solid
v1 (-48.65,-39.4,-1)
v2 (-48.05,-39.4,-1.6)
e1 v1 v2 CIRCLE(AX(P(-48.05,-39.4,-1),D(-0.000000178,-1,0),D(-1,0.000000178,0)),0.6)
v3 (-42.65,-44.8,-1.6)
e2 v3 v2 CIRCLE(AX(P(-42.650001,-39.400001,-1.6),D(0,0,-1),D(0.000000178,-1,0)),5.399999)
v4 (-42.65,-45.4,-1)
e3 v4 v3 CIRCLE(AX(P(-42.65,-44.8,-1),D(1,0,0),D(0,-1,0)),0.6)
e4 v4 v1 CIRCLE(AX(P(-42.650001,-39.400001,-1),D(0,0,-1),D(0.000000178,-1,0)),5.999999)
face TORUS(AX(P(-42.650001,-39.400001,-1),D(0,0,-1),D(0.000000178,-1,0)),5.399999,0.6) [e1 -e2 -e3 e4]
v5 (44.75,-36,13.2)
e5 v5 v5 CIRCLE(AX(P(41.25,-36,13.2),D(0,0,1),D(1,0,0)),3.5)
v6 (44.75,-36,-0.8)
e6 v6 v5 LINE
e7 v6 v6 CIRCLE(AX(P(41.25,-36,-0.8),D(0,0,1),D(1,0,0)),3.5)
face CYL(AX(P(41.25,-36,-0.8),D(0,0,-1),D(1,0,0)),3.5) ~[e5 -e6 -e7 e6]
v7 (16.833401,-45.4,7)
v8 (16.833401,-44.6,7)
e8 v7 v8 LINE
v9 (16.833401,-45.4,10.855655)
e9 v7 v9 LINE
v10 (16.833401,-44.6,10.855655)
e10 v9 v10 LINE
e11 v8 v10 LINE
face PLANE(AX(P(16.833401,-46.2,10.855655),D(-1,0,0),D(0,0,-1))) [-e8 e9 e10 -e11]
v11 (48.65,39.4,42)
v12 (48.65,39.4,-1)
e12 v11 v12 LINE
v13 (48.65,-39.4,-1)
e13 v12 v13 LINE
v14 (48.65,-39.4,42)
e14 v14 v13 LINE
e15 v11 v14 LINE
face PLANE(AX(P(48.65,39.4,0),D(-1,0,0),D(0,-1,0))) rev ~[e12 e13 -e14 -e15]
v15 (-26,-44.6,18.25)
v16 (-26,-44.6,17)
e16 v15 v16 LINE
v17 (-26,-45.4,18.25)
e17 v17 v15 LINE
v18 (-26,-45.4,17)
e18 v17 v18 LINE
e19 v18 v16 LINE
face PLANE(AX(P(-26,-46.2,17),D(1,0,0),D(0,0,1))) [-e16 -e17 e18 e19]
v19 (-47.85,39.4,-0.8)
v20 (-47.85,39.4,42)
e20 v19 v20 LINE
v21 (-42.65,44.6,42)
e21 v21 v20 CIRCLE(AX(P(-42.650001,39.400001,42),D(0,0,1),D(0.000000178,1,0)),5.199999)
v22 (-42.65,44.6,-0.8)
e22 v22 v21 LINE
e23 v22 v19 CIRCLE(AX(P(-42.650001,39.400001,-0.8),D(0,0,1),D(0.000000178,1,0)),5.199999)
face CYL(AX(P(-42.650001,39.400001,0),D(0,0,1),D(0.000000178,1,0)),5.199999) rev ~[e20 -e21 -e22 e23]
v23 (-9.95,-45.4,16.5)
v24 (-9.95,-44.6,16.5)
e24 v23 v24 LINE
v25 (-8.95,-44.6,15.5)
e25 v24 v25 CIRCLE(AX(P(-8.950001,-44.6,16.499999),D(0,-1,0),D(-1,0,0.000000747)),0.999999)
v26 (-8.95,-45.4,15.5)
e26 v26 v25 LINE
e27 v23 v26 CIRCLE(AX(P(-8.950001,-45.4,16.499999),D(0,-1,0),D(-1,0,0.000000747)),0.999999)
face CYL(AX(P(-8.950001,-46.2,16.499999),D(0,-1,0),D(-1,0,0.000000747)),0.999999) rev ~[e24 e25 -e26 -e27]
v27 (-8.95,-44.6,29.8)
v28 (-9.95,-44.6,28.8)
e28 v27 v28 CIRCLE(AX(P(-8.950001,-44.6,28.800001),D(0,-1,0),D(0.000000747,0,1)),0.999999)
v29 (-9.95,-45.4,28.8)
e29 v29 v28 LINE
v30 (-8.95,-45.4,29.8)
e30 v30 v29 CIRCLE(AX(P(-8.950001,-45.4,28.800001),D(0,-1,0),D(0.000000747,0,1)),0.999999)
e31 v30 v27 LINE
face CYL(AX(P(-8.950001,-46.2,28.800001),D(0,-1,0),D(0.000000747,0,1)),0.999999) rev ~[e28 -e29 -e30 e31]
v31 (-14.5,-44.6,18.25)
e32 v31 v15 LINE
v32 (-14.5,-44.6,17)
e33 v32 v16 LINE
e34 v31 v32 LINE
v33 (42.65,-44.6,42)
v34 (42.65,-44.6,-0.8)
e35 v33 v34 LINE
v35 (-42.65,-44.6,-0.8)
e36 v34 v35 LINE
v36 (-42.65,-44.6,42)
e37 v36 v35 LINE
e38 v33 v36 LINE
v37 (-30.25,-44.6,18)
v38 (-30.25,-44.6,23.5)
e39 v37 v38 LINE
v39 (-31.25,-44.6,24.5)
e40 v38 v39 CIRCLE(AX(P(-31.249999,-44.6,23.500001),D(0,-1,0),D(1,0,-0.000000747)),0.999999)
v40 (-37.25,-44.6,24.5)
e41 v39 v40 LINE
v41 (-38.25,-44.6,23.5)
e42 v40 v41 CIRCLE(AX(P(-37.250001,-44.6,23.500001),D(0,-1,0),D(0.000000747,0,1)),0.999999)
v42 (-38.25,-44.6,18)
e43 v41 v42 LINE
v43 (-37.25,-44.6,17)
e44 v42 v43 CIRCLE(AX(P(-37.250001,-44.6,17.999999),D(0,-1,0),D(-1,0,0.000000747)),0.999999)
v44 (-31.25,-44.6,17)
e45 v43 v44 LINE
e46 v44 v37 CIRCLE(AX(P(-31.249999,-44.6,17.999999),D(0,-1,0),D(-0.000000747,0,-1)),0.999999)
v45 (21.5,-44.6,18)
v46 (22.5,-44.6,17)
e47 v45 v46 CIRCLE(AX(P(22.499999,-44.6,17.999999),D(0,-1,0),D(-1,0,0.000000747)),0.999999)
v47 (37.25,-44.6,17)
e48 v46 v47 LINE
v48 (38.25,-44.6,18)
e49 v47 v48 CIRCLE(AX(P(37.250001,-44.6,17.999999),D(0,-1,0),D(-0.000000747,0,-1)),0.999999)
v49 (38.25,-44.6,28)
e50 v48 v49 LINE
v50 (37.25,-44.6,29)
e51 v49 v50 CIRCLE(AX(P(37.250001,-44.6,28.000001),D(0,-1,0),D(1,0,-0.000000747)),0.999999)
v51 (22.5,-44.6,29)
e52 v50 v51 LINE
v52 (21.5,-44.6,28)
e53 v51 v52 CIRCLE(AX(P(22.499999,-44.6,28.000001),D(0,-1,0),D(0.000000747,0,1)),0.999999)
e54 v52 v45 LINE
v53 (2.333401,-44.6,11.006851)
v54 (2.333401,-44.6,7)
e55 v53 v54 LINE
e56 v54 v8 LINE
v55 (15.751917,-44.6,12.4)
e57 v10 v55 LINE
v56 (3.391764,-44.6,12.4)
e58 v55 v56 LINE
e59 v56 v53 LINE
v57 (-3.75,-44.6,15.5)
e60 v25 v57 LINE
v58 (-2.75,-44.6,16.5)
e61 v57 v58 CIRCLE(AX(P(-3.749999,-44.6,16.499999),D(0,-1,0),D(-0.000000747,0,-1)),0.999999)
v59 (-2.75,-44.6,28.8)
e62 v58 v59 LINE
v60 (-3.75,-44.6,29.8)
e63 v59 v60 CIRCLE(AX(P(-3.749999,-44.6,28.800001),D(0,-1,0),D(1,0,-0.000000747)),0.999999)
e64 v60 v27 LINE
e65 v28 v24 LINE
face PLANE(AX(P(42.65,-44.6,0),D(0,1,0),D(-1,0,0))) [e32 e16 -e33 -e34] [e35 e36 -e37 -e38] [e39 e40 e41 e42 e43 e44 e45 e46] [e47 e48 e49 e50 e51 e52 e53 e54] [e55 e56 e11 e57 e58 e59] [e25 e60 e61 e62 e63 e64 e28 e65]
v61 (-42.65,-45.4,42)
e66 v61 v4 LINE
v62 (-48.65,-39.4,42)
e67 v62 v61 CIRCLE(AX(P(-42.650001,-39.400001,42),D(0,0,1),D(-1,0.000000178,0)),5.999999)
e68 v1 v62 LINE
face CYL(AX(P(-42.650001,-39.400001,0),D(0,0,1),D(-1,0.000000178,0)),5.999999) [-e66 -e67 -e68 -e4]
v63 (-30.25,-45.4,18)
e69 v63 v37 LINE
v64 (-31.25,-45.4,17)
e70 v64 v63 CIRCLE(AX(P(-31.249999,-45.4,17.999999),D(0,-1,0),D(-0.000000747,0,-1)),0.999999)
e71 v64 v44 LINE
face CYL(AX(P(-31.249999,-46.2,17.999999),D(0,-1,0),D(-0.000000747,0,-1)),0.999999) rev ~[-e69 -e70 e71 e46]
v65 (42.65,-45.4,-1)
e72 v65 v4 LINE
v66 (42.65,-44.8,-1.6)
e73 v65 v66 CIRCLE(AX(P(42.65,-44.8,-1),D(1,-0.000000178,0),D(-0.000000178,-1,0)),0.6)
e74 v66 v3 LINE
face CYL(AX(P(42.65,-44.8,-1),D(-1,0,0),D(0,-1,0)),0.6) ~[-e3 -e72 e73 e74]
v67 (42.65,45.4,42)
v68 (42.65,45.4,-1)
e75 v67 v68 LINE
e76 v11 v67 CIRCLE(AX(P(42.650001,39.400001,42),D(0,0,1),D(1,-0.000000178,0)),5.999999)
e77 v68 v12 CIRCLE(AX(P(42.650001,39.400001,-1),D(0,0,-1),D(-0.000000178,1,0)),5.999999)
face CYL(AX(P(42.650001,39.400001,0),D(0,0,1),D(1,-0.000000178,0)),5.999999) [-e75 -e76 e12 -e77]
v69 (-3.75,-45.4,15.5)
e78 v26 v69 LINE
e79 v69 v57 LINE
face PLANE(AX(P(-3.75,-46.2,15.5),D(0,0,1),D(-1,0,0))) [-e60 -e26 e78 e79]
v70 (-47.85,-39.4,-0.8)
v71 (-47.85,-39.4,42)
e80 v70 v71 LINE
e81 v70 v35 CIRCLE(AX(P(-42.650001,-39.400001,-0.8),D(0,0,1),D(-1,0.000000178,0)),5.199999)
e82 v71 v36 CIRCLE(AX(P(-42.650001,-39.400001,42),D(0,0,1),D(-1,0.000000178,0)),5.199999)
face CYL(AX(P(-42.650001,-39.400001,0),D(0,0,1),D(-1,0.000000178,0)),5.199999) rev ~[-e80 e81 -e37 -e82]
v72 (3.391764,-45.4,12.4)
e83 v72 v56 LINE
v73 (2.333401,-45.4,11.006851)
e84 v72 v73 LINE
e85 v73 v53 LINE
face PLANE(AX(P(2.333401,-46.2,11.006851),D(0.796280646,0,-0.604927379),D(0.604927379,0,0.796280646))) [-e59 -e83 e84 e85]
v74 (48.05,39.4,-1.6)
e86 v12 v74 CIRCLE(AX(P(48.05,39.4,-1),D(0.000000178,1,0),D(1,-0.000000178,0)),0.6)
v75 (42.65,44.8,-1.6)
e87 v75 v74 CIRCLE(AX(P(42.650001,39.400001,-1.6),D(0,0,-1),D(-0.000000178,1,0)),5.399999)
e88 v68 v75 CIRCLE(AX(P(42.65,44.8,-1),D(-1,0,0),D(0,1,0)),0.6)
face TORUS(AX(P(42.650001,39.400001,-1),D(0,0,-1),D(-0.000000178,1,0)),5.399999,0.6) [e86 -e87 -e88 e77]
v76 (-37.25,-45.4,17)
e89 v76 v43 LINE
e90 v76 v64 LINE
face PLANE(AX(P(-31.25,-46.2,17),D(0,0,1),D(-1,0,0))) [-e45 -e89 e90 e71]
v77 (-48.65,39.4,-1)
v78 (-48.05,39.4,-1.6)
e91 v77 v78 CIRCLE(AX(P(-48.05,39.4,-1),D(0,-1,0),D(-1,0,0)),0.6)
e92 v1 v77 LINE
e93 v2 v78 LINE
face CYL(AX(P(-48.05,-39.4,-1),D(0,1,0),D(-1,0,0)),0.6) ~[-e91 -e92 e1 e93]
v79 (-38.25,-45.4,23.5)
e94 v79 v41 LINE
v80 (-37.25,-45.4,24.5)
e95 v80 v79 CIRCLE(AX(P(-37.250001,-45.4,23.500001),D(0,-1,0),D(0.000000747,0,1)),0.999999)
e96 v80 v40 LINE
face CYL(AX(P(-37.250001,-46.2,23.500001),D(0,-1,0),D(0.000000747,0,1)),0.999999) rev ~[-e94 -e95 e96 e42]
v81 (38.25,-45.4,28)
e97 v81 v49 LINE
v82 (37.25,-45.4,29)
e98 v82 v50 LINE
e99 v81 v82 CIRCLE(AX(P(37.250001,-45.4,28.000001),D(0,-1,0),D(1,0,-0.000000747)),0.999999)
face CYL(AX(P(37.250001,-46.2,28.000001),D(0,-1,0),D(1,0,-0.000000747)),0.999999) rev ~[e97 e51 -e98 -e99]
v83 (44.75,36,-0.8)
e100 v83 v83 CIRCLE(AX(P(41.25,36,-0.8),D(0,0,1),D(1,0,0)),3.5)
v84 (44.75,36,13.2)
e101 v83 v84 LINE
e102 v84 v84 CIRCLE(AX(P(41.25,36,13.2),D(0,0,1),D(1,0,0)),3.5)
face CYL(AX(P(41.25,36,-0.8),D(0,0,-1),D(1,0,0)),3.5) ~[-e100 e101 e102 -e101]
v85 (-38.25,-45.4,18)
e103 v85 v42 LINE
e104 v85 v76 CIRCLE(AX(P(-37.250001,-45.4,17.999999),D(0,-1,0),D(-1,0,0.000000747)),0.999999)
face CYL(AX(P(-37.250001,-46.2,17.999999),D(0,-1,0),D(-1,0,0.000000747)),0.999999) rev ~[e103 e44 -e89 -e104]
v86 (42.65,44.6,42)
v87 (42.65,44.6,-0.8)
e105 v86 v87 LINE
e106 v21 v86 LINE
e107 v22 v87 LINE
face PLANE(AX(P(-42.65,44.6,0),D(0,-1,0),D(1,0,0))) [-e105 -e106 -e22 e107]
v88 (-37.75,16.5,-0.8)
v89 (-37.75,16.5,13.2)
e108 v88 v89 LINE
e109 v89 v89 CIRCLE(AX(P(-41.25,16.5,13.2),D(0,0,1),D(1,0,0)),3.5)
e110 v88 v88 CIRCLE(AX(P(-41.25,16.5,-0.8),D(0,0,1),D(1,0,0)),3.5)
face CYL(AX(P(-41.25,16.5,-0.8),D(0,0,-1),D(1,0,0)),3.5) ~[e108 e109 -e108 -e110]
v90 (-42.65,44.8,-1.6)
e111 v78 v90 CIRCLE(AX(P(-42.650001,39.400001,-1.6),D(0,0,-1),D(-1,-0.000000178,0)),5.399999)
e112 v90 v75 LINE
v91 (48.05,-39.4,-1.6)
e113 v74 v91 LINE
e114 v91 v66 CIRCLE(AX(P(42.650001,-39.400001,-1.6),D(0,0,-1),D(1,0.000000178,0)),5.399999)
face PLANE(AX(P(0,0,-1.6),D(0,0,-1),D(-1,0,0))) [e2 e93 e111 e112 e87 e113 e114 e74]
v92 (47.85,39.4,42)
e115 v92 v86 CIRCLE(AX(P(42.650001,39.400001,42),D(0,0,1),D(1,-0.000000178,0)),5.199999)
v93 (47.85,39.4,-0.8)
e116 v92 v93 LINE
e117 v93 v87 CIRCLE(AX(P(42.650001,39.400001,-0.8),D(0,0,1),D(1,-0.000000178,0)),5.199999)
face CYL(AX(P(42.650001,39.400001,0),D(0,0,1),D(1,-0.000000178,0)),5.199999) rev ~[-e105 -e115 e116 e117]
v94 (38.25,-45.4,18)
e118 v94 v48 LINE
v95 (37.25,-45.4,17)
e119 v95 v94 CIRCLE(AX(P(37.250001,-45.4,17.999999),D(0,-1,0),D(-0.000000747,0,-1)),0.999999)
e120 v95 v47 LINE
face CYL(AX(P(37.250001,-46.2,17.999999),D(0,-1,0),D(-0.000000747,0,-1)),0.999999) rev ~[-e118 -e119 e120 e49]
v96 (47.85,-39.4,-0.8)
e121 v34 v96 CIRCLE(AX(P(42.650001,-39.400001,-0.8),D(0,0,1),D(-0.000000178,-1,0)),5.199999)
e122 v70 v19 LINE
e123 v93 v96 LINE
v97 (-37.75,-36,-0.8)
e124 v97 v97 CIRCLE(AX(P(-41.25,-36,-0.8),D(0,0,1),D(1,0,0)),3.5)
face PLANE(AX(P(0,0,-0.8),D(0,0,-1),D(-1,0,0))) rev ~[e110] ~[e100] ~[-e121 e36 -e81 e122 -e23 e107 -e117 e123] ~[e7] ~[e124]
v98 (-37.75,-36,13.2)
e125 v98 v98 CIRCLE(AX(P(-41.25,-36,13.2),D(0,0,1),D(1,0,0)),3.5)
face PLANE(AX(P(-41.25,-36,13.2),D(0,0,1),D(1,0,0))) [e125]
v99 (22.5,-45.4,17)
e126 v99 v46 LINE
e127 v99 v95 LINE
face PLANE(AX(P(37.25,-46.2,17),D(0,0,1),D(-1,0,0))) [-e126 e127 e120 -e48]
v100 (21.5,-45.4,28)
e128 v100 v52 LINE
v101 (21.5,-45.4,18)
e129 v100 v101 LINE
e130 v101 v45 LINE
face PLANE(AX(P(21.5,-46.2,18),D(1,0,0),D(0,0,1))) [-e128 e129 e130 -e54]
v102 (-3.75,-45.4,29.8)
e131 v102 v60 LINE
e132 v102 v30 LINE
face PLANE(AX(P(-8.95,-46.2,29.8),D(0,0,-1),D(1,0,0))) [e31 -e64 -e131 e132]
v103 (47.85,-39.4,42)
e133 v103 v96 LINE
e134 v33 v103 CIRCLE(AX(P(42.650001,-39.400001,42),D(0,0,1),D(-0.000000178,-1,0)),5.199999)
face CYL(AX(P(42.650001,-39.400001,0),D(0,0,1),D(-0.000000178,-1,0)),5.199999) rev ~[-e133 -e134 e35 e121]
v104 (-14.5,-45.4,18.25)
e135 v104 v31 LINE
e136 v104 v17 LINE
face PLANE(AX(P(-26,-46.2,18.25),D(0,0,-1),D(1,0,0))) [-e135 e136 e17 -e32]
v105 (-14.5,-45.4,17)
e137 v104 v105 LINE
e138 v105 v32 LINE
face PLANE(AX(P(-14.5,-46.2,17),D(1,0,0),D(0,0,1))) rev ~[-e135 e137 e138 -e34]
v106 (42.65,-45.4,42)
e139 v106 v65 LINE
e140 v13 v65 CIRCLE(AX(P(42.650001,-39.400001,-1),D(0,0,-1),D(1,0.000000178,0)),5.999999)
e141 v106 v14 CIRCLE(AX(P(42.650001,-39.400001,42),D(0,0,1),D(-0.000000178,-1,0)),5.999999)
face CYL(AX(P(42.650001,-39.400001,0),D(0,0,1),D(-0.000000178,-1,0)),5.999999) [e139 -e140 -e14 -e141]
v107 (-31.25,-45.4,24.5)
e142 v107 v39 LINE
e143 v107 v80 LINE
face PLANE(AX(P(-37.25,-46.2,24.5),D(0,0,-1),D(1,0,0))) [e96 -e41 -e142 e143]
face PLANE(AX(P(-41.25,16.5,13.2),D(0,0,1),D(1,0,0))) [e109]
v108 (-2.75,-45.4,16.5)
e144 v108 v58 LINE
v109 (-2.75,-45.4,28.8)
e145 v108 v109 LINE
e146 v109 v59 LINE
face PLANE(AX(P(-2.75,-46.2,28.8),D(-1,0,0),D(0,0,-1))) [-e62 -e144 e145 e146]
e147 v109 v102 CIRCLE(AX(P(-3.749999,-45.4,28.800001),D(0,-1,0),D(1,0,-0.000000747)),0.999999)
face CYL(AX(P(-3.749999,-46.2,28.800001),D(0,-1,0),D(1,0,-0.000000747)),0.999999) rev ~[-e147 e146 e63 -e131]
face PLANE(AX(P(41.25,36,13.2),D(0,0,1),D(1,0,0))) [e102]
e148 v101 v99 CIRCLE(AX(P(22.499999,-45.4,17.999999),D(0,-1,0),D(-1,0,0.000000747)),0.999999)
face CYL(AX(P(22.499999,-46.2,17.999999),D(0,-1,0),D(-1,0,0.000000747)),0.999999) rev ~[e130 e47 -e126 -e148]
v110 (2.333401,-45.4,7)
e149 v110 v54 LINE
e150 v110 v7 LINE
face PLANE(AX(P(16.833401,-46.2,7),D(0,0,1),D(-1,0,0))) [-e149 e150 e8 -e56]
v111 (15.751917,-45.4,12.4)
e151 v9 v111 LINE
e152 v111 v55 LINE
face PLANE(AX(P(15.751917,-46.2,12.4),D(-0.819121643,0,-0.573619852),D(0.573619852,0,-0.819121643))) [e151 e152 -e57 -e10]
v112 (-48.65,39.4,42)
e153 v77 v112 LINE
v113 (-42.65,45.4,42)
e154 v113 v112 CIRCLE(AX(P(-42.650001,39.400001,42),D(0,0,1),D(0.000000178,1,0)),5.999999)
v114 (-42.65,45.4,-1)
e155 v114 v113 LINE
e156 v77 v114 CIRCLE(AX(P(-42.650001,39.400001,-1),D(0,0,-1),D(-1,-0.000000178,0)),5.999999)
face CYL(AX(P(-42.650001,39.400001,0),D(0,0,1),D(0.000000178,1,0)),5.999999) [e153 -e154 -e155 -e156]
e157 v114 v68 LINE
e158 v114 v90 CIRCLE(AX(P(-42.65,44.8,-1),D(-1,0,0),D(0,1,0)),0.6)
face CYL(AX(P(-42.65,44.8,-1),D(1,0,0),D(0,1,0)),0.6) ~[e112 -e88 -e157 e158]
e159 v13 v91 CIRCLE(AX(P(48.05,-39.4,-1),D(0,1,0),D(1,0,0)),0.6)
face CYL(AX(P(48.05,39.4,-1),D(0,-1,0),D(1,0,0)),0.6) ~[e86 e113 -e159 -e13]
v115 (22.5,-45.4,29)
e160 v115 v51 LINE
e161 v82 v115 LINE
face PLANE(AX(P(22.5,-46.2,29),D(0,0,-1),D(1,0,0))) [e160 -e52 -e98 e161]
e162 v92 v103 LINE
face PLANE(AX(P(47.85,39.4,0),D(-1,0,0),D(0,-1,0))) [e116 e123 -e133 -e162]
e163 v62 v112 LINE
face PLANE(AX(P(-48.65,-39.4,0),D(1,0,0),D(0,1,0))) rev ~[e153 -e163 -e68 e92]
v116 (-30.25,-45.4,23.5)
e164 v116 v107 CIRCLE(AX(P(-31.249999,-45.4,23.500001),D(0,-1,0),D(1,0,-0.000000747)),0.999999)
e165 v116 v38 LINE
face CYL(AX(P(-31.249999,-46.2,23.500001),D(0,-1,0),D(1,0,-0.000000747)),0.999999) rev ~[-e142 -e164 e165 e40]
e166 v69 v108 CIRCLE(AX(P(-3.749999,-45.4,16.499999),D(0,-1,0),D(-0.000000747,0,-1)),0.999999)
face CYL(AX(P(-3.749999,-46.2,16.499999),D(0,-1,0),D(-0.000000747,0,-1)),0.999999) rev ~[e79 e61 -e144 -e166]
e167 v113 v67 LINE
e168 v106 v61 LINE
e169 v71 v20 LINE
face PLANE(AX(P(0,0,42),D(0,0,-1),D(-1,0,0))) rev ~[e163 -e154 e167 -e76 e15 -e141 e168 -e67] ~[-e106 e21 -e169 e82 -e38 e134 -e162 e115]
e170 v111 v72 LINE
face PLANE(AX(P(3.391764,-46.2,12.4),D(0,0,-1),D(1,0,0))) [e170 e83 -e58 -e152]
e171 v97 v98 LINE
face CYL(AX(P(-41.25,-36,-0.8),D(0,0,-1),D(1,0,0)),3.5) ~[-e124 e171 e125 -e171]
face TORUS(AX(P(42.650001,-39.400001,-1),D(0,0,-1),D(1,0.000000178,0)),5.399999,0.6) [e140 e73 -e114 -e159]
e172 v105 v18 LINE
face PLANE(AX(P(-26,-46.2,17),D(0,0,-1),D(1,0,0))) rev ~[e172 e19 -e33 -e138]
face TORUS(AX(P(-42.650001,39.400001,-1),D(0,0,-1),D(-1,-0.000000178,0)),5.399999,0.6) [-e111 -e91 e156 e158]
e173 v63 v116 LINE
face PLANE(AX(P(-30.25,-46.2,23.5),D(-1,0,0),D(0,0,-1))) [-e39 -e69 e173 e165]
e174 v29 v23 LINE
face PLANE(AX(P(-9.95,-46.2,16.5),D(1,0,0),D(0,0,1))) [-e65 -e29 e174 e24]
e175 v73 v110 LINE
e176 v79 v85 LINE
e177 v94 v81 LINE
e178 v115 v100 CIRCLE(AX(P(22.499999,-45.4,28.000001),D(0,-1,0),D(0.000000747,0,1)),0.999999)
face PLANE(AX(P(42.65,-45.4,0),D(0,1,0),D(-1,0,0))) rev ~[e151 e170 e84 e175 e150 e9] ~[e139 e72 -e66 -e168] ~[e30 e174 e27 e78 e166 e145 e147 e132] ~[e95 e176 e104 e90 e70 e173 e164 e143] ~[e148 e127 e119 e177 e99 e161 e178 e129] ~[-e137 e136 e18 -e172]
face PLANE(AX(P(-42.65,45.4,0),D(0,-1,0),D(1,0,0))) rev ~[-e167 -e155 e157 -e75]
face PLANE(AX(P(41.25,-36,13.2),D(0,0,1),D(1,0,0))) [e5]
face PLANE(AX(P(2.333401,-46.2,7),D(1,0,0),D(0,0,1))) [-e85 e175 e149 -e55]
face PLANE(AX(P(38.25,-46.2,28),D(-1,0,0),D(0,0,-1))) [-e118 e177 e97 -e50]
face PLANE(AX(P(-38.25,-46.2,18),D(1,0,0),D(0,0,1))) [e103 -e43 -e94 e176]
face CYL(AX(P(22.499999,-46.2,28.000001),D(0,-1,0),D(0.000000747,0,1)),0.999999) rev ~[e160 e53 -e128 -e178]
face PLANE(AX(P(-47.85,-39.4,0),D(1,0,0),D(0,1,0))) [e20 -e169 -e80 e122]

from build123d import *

# Parameters (mm, degrees)
SKETCH004_W    = 11.5
SKETCH004_H    = 1.25
PAD003_DEPTH   = 3.2
PAD_DEPTH      = 42
PAD_DEPTH_BACK = 1.6
THICKNESS_T    = -0.8
SKETCH002_R    = 1.75
PAD001_DEPTH   = 13
SKETCH003_R    = 3.5
PAD002_DEPTH   = 14
FILLET_R       = 0.6


with BuildPart() as pad003:
    # Sketch004 → Pad003 (new body)
    with BuildSketch(Plane.XZ.offset(46.2)):
        with BuildLine():
            Line((22.5, 29), (37.25, 29))
            ThreePointArc((38.25, 28), (37.957107, 28.707107), (37.25, 29))
            Line((38.25, 28), (38.25, 18))
            ThreePointArc((37.25, 17), (37.957107, 17.292893), (38.25, 18))
            Line((37.25, 17), (22.5, 17))
            ThreePointArc((21.5, 18), (21.792893, 17.292893), (22.5, 17))
            Line((21.5, 18), (21.5, 28))
            ThreePointArc((22.5, 29), (21.792893, 28.707107), (21.5, 28))
        make_face()
        with BuildLine():
            Line((-8.95, 29.8), (-3.75, 29.8))
            ThreePointArc((-2.75, 28.8), (-3.042893, 29.507107), (-3.75, 29.8))
            Line((-2.75, 28.8), (-2.75, 16.5))
            ThreePointArc((-3.75, 15.5), (-3.042893, 15.792893), (-2.75, 16.5))
            Line((-3.75, 15.5), (-8.95, 15.5))
            ThreePointArc((-9.95, 16.5), (-9.657107, 15.792893), (-8.95, 15.5))
            Line((-9.95, 16.5), (-9.95, 28.8))
            ThreePointArc((-8.95, 29.8), (-9.657107, 29.507107), (-9.95, 28.8))
        make_face()
        with BuildLine():
            Line((-37.25, 24.5), (-31.25, 24.5))
            ThreePointArc((-30.25, 23.5), (-30.542893, 24.207107), (-31.25, 24.5))
            Line((-30.25, 23.5), (-30.25, 18))
            ThreePointArc((-31.25, 17), (-30.542893, 17.292893), (-30.25, 18))
            Line((-31.25, 17), (-37.25, 17))
            ThreePointArc((-38.25, 18), (-37.957107, 17.292893), (-37.25, 17))
            Line((-38.25, 18), (-38.25, 23.5))
            ThreePointArc((-37.25, 24.5), (-37.957107, 24.207107), (-38.25, 23.5))
        make_face()
        with Locations((-20.25, 17.625)):
            Rectangle(SKETCH004_W, SKETCH004_H)
        Polygon((2.333401, 7), (2.333401, 11.006851), (3.391764, 12.4), (15.751917, 12.4), (16.833401, 10.855655), (16.833401, 7), align=None)
    extrude(amount=-PAD003_DEPTH)


with BuildPart() as fillet_body:
    # Sketch001 → Pad (new body, two sides)
    with BuildSketch(Plane.XY) as pad_sk:
        with BuildLine():
            Line((-42.65, 45.4), (42.65, 45.4))
            ThreePointArc((48.65, 39.4), (46.892641, 43.642641), (42.65, 45.4))
            Line((48.65, 39.4), (48.65, -39.4))
            ThreePointArc((42.65, -45.4), (46.892641, -43.642641), (48.65, -39.4))
            Line((42.65, -45.4), (-42.65, -45.4))
            ThreePointArc((-48.65, -39.4), (-46.892641, -43.642641), (-42.65, -45.4))
            Line((-48.65, -39.4), (-48.65, 39.4))
            ThreePointArc((-42.65, 45.4), (-46.892641, 43.642641), (-48.65, 39.4))
        make_face()
    extrude(amount=PAD_DEPTH)
    extrude(pad_sk.sketch, amount=-PAD_DEPTH_BACK)

    # Thickness
    thickness_openings = [fillet_body.faces().sort_by_distance(p)[0] for p in [
        (0, 0, 42),
    ]]
    offset(amount=THICKNESS_T, openings=thickness_openings)

    # Sketch002 → Pad001 (new body)
    with BuildSketch(Plane.XY.offset(-0.8)):
        with Locations((-41.25, -36)):
            Circle(SKETCH002_R)
        with Locations((41.25, -36)):
            Circle(SKETCH002_R)
        with Locations((-41.25, 16.5)):
            Circle(SKETCH002_R)
        with Locations((41.25, 36)):
            Circle(SKETCH002_R)
    extrude(amount=PAD001_DEPTH)

    # Sketch003 → Pad002 (new body)
    with BuildSketch(Plane.XY.offset(-0.8)):
        with Locations((41.25, -36)):
            Circle(SKETCH003_R)
        with Locations((41.25, 36)):
            Circle(SKETCH003_R)
        with Locations((-41.25, 16.5)):
            Circle(SKETCH003_R)
        with Locations((-41.25, -36)):
            Circle(SKETCH003_R)
    extrude(amount=PAD002_DEPTH)

    # Cut: cut Pad003
    add(pad003.part, mode=Mode.SUBTRACT)

    # Fillet
    fillet_edges = [fillet_body.edges().sort_by_distance(p)[0] for p in [
        (0, 45.4, -1.6),
        (46.892641, 43.642641, -1.6),
        (48.65, 0, -1.6),
        (46.892641, -43.642641, -1.6),
        (0, -45.4, -1.6),
        (-46.892641, -43.642641, -1.6),
        (-48.65, 0, -1.6),
        (-46.892641, 43.642641, -1.6),
    ]]
    fillet(fillet_edges, radius=FILLET_R)


solid = fillet_body.part
